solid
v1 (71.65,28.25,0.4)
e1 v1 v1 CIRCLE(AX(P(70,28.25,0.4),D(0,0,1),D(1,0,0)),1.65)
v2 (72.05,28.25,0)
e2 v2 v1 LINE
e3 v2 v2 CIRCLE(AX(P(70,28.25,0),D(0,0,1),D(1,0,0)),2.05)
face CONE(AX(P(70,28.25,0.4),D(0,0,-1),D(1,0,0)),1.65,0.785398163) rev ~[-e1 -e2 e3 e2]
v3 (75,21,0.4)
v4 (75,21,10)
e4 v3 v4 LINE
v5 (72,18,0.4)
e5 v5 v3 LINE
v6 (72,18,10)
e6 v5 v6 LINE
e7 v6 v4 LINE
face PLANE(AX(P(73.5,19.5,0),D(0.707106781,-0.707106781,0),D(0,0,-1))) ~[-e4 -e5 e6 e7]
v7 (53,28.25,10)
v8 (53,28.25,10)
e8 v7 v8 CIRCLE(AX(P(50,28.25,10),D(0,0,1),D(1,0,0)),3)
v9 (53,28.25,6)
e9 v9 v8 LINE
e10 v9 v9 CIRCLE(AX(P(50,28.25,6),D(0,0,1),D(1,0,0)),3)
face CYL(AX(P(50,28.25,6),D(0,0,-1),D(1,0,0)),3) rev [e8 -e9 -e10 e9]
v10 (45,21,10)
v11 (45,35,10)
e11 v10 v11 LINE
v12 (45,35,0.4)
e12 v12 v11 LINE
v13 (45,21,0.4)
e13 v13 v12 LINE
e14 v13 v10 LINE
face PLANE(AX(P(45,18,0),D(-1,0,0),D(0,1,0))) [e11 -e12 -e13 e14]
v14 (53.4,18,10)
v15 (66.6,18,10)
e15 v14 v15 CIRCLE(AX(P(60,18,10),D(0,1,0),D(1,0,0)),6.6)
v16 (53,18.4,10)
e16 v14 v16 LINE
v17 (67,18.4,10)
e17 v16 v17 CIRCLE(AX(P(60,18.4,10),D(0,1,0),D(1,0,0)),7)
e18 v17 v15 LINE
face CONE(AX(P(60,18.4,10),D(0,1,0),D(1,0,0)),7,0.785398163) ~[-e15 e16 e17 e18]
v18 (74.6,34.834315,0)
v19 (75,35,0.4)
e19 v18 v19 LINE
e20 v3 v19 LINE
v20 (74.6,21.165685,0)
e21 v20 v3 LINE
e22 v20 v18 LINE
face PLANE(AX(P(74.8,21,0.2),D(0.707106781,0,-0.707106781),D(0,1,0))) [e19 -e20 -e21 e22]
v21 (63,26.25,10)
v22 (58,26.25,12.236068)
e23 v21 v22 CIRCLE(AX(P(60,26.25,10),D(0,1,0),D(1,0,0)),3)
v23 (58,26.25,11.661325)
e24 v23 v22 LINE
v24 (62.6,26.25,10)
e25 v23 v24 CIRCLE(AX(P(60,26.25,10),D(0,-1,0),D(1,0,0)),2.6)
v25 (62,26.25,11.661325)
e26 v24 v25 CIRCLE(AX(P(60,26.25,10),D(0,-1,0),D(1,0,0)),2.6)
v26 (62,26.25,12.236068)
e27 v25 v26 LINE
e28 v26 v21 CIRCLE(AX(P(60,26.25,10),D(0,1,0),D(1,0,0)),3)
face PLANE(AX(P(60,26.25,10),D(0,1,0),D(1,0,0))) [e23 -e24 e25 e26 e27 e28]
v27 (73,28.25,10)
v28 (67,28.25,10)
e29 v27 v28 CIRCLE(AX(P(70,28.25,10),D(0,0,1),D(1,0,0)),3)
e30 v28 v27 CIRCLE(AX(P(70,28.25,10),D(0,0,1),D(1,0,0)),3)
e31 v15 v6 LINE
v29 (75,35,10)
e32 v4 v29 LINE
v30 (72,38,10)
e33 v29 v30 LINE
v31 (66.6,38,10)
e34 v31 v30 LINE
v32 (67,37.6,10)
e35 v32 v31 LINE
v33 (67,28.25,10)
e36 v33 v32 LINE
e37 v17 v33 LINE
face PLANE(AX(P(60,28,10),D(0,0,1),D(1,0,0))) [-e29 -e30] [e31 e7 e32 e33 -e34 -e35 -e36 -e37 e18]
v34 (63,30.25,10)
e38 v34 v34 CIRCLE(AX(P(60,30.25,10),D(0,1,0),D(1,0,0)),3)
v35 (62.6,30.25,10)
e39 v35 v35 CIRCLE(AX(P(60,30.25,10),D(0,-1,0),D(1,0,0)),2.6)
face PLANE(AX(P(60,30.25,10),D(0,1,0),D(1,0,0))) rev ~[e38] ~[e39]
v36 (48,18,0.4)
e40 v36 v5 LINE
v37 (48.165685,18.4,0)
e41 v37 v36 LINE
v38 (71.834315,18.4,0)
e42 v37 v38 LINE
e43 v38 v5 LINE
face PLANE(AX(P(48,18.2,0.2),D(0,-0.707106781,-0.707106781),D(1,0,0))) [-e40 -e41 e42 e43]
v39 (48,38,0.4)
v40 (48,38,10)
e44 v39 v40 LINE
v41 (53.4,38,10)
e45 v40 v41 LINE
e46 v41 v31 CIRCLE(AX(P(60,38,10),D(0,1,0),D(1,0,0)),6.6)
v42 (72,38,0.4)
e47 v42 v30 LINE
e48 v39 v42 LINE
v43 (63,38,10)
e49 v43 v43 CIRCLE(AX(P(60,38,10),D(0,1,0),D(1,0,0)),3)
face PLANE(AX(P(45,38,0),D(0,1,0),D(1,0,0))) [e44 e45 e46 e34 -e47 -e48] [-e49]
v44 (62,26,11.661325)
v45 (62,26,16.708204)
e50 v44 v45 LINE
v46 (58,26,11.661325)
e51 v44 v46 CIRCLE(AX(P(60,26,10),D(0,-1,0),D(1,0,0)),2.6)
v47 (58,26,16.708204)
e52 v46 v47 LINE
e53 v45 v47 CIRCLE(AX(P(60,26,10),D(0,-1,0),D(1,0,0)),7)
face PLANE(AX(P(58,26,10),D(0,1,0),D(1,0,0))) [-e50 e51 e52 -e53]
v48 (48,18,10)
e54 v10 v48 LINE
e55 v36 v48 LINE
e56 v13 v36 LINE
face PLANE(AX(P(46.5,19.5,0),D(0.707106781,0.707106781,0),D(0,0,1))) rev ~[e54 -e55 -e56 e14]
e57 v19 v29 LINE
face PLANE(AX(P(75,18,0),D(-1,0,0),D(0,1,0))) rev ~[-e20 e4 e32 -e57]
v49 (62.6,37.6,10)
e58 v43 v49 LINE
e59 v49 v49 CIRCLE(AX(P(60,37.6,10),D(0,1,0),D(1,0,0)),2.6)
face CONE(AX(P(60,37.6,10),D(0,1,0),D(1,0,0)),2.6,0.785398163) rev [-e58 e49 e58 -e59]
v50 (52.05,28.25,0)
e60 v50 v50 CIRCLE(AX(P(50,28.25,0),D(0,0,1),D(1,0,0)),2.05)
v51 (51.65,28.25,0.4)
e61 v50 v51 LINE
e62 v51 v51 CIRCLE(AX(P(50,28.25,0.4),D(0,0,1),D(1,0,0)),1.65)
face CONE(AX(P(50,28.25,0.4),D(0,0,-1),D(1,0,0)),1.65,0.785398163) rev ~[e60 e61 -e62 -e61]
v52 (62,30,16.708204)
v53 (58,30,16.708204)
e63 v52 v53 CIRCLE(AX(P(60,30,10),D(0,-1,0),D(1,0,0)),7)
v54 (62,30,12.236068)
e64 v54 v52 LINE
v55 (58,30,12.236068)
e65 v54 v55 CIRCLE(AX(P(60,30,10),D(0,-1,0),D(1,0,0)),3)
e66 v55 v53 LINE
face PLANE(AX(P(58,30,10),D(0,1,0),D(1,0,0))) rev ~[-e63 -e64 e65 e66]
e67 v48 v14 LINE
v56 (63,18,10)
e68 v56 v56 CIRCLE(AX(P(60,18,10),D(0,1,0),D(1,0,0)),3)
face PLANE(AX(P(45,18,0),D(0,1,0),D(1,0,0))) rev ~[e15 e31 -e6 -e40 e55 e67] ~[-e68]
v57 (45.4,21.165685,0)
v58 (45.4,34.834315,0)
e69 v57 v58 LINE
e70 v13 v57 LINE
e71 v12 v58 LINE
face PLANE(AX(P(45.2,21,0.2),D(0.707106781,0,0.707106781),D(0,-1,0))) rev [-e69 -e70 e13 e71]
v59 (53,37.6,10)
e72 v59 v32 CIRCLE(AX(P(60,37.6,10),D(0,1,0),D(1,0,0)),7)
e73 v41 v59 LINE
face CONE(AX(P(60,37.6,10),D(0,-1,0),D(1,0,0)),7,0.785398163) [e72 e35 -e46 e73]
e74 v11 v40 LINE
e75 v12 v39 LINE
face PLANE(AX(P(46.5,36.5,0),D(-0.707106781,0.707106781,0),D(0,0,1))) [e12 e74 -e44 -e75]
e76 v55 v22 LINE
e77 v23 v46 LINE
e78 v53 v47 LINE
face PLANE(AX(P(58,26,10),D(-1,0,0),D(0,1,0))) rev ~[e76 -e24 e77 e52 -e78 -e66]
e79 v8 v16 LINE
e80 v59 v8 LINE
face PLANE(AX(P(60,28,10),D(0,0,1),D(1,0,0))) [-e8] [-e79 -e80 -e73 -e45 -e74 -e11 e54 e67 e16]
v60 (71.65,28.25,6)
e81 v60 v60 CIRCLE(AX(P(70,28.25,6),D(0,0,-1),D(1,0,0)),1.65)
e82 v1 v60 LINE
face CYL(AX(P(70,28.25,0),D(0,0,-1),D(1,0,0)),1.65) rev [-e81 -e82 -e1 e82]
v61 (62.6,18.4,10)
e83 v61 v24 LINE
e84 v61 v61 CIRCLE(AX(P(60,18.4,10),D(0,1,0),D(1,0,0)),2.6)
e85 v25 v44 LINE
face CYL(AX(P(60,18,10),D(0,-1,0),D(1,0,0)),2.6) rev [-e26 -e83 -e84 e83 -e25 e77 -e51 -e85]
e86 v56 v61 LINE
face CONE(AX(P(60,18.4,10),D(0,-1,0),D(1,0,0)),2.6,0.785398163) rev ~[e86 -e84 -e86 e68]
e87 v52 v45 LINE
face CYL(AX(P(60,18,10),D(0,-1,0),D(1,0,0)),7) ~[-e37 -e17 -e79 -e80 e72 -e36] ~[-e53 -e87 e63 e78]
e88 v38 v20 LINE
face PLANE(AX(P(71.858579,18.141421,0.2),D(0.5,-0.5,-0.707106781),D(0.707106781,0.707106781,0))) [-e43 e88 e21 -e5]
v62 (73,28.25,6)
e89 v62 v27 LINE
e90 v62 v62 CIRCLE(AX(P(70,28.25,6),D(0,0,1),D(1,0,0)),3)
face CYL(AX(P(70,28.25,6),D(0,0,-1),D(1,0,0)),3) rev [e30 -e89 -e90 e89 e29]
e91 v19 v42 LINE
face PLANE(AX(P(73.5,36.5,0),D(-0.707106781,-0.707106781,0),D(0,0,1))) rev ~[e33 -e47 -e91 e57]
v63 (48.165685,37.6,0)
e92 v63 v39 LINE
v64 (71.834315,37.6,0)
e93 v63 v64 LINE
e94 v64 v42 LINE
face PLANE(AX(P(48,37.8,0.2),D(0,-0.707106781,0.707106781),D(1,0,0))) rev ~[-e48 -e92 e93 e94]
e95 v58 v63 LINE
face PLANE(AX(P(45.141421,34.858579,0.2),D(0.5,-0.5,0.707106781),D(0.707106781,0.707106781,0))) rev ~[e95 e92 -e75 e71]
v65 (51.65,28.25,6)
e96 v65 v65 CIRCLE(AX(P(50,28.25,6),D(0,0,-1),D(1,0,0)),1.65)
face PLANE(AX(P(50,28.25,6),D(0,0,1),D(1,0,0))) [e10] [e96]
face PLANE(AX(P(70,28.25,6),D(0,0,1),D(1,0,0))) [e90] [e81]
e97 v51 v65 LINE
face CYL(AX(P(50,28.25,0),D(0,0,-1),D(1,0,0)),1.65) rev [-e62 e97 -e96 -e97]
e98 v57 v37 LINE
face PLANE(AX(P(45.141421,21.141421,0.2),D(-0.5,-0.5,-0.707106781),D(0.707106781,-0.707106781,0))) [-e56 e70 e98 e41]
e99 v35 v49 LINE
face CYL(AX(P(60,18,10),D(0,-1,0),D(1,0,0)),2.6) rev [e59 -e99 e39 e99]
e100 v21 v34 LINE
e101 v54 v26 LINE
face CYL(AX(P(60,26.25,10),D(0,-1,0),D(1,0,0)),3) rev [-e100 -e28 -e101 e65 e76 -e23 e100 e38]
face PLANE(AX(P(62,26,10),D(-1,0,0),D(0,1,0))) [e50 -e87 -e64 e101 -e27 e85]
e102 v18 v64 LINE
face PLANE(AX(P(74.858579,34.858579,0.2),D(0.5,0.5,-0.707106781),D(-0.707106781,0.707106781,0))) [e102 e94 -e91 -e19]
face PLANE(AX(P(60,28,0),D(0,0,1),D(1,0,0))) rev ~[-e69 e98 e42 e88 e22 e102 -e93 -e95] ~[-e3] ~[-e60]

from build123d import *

# Parameters (mm, degrees)
CYLINDER038_R     = 2.6
CYLINDER038_DEPTH = 20
BOX020_W          = 4
BOX020_H          = 4
BOX020_DEPTH      = 10
CYLINDER041_R     = 3
CYLINDER041_DEPTH = 4
CYLINDER037_R     = 7
CYLINDER037_DEPTH = 20
CHAMFER020_SIZE   = 0.4
CYLINDER036_R     = 3
CYLINDER036_DEPTH = 4
CYLINDER035_R     = 3
CYLINDER035_DEPTH = 4
CYLINDER039_R     = 1.65
CYLINDER039_DEPTH = 33
CYLINDER040_R     = 1.65
CYLINDER040_DEPTH = 33
BOX019_W          = 30
BOX019_H          = 20
BOX019_DEPTH      = 10
CHAMFER019_SIZE   = 3
CHAMFER021_SIZE   = 0.4
CHAMFER034_SIZE   = 0.4


with BuildPart() as cylinder038:
    # Cylinder038 → Cylinder038 (new body)
    with BuildSketch(Plane(origin=(60, 18, 10), x_dir=(1, 0, 0), z_dir=(0, 1, 0))):
        Circle(CYLINDER038_R)
    extrude(amount=CYLINDER038_DEPTH)


with BuildPart() as cube019:
    # Box020 → Box020 (new body)
    with BuildSketch(Plane(origin=(58, 26, 10), x_dir=(1, 0, 0), z_dir=(0, 0, 1))):
        with Locations((2, 2)):
            Rectangle(BOX020_W, BOX020_H)
    extrude(amount=BOX020_DEPTH)


with BuildPart() as cut:
    # Cylinder041 → Cylinder041 (new body)
    with BuildSketch(Plane(origin=(60, 26.25, 10), x_dir=(1, 0, 0), z_dir=(0, 1, 0))):
        Circle(CYLINDER041_R)
    extrude(amount=CYLINDER041_DEPTH)


with BuildPart() as chamfer020:
    # Cylinder037 → Cylinder037 (new body)
    with BuildSketch(Plane(origin=(60, 18, 10), x_dir=(1, 0, 0), z_dir=(0, 1, 0))):
        Circle(CYLINDER037_R)
    extrude(amount=CYLINDER037_DEPTH)

    # Chamfer020
    chamfer020_edges = [chamfer020.edges().sort_by_distance(p)[0] for p in [
        (53, 38, 10),
        (53, 18, 10),
    ]]
    chamfer(chamfer020_edges, length=CHAMFER020_SIZE)


with BuildPart() as cylinder036:
    # Cylinder036 → Cylinder036 (new body)
    with BuildSketch(Plane(origin=(70, 28.25, 0), x_dir=(1, 0, 0), z_dir=(0, 0, 1))):
        Circle(CYLINDER036_R)
    extrude(amount=CYLINDER036_DEPTH)


with BuildPart() as fusion011:
    # Cylinder035 → Cylinder035 (new body)
    with BuildSketch(Plane(origin=(50, 28.25, 0), x_dir=(1, 0, 0), z_dir=(0, 0, 1))):
        Circle(CYLINDER035_R)
    extrude(amount=CYLINDER035_DEPTH)

    # Fusion011: union Cylinder036
    add(cylinder036.part)


with BuildPart() as fusion011_1:
    # Fusion011 placement: moved
    add(fusion011.part.moved(Location((0, 0, 6))))


with BuildPart() as cylinder039:
    # Cylinder039 → Cylinder039 (new body)
    with BuildSketch(Plane(origin=(50, 28.25, 0), x_dir=(1, 0, 0), z_dir=(0, 0, 1))):
        Circle(CYLINDER039_R)
    extrude(amount=CYLINDER039_DEPTH)


with BuildPart() as fusion010:
    # Cylinder040 → Cylinder040 (new body)
    with BuildSketch(Plane(origin=(70, 28.25, 0), x_dir=(1, 0, 0), z_dir=(0, 0, 1))):
        Circle(CYLINDER040_R)
    extrude(amount=CYLINDER040_DEPTH)

    # Fusion010: union Cylinder039
    add(cylinder039.part)


with BuildPart() as node_r1:
    # Box019 → Box019 (new body)
    with BuildSketch(Plane(origin=(45, 18, 0), x_dir=(1, 0, 0), z_dir=(0, 0, 1))):
        with Locations((15, 10)):
            Rectangle(BOX019_W, BOX019_H)
    extrude(amount=BOX019_DEPTH)

    # Chamfer019
    chamfer019_edges = [node_r1.edges().sort_by_distance(p)[0] for p in [
        (45, 18, 5),
        (45, 38, 5),
        (75, 18, 5),
        (75, 38, 5),
    ]]
    chamfer(chamfer019_edges, length=CHAMFER019_SIZE)

    # Cut024: cut Fusion010
    add(fusion010.part, mode=Mode.SUBTRACT)

    # Chamfer021
    chamfer021_edges = [node_r1.edges().sort_by_distance(p)[0] for p in [
        (45, 28, 0),
        (46.5, 19.5, 0),
        (46.5, 36.5, 0),
        (60, 18, 0),
        (60, 38, 0),
        (73.5, 19.5, 0),
        (73.5, 36.5, 0),
        (75, 28, 0),
        (68.35, 28.25, 0),
        (48.35, 28.25, 0),
    ]]
    chamfer(chamfer021_edges, length=CHAMFER021_SIZE)

    # Cut025: cut Fusion011
    add(fusion011_1.part, mode=Mode.SUBTRACT)

    # Fusion012: union Chamfer020
    add(chamfer020.part)

    # Cut026: cut cut
    add(cut.part, mode=Mode.SUBTRACT)

    # Cut027: cut Cube019
    add(cube019.part, mode=Mode.SUBTRACT)

    # Cut043: cut Cylinder038
    add(cylinder038.part, mode=Mode.SUBTRACT)

    # Chamfer034
    chamfer034_edges = [node_r1.edges().sort_by_distance(p)[0] for p in [
        (60, 18, 7.4),
        (60, 38, 7.4),
        (60, 38, 12.6),
        (60, 18, 12.6),
    ]]
    chamfer(chamfer034_edges, length=CHAMFER034_SIZE)


solid = node_r1.part
